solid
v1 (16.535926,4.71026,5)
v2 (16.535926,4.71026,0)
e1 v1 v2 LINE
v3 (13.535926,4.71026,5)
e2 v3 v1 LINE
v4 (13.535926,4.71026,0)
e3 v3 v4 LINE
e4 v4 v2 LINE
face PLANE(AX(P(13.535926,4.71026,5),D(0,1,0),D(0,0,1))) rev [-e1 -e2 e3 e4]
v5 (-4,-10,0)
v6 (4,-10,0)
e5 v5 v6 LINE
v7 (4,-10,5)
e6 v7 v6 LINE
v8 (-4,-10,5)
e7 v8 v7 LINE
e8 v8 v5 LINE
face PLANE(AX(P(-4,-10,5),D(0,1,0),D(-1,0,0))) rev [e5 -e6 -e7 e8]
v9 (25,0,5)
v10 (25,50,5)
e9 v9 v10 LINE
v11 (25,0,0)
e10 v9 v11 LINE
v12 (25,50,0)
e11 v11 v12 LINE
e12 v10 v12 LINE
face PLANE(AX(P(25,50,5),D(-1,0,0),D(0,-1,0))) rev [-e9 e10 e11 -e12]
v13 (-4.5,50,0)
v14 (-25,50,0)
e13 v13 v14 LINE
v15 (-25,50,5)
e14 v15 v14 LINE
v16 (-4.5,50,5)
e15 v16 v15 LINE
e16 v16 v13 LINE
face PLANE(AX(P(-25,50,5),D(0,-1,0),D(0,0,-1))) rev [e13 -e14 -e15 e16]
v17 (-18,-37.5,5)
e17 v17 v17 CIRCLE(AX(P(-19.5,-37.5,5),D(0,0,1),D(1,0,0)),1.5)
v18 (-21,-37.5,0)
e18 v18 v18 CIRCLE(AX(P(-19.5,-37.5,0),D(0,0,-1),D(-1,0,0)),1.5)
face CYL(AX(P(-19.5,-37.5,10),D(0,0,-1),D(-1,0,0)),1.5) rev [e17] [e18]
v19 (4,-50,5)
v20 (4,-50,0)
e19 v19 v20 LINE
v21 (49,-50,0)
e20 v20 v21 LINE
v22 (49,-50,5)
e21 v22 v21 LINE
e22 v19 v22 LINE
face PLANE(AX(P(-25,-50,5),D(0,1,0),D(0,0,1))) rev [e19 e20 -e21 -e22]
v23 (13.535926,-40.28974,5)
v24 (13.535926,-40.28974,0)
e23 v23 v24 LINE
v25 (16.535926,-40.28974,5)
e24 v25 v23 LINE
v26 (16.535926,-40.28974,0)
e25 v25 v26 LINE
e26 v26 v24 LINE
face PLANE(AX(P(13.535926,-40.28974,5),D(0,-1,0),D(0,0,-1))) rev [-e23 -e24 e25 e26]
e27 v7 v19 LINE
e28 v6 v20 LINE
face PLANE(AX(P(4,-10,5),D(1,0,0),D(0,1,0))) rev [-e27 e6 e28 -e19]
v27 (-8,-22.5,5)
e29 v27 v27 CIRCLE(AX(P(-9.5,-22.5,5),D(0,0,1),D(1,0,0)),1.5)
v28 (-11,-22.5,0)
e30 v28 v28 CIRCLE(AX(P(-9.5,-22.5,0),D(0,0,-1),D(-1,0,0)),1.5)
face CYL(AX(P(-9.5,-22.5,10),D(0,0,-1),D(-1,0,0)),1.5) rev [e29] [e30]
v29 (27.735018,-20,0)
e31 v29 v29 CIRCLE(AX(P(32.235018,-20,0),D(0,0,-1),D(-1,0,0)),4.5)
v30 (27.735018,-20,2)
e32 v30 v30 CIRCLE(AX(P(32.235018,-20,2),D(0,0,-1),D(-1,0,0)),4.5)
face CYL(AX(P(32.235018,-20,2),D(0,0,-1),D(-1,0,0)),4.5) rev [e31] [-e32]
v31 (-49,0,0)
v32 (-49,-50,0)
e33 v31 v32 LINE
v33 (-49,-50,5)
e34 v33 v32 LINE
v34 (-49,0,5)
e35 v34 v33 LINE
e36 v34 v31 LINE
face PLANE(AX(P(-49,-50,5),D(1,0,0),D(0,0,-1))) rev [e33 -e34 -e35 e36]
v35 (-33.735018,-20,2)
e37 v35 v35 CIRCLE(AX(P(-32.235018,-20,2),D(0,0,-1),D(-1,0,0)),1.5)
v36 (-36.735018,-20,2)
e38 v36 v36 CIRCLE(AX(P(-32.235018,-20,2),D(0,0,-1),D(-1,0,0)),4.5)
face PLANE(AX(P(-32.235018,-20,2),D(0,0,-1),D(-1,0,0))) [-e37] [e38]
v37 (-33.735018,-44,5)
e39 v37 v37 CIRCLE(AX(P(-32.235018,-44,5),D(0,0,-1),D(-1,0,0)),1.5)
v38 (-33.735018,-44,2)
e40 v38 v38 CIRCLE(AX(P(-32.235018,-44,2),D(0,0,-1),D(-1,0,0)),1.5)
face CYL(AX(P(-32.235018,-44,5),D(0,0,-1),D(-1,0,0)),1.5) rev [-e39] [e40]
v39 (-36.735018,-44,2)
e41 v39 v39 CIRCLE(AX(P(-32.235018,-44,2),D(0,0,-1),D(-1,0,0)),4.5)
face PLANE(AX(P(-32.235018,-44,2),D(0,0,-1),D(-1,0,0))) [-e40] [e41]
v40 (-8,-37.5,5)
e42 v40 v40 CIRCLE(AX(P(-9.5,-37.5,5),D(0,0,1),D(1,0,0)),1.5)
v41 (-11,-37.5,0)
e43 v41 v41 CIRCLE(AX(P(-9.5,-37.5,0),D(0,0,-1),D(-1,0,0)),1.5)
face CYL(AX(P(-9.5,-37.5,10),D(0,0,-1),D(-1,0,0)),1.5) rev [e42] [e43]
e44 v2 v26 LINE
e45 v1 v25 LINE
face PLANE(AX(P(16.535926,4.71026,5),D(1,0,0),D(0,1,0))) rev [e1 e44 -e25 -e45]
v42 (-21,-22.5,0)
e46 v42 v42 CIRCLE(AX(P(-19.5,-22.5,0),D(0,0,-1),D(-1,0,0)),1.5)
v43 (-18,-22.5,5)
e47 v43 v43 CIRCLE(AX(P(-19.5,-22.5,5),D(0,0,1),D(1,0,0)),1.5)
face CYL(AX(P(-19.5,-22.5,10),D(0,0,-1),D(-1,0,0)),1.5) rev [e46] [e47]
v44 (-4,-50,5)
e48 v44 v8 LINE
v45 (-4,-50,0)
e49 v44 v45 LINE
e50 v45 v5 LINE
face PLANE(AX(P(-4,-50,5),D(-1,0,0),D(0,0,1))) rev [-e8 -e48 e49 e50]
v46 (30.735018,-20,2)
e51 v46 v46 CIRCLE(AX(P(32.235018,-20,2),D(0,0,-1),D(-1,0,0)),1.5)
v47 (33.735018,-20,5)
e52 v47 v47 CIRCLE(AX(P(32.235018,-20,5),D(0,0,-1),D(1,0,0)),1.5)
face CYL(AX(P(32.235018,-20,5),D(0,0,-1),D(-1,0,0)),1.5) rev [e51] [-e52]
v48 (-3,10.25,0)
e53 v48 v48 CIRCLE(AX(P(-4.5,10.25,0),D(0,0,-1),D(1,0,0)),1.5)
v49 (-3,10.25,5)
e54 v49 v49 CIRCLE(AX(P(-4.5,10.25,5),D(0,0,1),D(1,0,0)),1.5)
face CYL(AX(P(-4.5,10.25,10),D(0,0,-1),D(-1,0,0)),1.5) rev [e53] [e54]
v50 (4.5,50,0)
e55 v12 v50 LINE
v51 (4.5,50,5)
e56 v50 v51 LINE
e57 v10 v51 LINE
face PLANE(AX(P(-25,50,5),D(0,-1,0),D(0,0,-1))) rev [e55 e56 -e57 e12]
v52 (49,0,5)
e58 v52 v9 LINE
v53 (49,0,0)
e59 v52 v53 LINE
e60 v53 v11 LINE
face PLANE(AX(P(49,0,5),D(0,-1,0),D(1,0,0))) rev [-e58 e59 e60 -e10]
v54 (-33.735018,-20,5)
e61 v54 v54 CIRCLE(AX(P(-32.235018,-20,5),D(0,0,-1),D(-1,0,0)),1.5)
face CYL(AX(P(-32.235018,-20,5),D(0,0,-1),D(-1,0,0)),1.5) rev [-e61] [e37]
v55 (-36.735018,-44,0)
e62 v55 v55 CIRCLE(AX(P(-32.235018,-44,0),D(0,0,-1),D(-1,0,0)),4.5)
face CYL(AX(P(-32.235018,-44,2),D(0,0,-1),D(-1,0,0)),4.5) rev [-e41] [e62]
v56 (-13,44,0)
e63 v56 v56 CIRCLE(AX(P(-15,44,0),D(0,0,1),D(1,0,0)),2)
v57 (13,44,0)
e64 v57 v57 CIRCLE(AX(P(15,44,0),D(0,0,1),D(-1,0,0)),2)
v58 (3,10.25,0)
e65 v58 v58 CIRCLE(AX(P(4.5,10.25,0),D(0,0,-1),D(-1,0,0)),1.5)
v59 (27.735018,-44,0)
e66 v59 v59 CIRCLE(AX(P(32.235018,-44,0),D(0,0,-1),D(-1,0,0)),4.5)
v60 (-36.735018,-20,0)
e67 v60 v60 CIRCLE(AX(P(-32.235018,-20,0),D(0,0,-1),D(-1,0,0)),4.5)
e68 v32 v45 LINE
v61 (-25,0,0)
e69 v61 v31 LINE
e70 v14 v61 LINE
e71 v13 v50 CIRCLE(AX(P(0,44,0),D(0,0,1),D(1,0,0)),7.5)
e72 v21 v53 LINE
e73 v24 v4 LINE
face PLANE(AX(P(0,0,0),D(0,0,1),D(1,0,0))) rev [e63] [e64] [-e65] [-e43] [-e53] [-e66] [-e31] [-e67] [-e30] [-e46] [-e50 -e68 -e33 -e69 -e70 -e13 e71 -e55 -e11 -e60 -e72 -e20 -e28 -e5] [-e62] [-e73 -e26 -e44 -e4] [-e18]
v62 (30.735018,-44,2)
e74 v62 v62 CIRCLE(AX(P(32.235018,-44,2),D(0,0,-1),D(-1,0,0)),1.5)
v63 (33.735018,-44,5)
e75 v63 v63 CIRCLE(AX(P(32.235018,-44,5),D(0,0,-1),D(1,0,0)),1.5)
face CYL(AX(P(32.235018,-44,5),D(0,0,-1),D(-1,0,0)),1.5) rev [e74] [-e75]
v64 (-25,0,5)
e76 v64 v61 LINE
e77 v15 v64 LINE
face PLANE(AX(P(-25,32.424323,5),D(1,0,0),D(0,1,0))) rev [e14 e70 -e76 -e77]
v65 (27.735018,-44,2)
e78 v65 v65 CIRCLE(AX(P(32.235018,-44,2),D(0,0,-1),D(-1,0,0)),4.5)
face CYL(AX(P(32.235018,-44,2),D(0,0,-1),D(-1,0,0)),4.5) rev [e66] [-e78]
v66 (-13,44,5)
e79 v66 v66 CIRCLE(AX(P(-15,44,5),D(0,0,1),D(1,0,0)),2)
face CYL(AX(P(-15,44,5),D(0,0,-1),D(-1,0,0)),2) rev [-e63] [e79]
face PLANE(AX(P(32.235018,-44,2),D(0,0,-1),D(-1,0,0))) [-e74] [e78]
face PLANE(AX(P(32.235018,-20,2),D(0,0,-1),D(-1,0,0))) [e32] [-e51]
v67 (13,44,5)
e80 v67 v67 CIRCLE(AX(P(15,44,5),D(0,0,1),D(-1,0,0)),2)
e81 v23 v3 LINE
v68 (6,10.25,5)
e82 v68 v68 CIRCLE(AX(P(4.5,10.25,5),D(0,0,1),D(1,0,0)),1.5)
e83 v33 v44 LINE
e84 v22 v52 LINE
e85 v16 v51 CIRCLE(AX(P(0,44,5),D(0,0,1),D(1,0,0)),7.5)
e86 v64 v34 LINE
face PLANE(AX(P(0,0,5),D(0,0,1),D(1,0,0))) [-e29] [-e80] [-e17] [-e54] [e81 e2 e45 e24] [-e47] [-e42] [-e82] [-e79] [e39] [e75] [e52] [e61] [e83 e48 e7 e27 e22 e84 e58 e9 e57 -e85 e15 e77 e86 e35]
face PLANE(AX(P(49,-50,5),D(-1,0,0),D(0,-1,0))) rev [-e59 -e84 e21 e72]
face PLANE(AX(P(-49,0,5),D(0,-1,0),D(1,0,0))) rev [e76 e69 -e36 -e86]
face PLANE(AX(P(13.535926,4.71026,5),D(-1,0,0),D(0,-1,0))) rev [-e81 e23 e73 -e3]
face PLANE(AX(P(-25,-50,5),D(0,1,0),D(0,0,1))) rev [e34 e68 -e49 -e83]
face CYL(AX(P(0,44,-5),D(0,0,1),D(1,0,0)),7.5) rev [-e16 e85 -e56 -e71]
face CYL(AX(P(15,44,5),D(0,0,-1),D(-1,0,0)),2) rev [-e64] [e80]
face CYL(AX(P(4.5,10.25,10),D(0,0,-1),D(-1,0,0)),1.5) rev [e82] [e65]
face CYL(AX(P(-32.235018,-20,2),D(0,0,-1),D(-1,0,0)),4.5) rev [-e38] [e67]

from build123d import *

# Parameters (mm, degrees)
SKETCH_1_R          = 2
EXTRUDE_1_DEPTH     = 5
SKETCH_2_R          = 7.5
CUT_EXTRUDE_1_DEPTH = 10
SKETCH_3_W          = 8
SKETCH_3_H          = 40
CUT_EXTRUDE_2_DEPTH = 71.185468581
SKETCH_6_R          = 1.5
CUT_EXTRUDE_3_DEPTH = 71.185468581
SKETCH_7_R          = 4.5
SKETCH_7_R_2        = 1.5
CUT_EXTRUDE_4_DEPTH = 2
SKETCH_8_W          = 3
SKETCH_8_H          = 45
CUT_EXTRUDE_5_DEPTH = 71.185468581
SKETCH_9_R          = 1.5
CUT_EXTRUDE_6_DEPTH = 10
SKETCH_10_R         = 1.5
CUT_EXTRUDE_7_DEPTH = 10


with BuildPart() as part:
    # 草图1 → 凸台-拉伸1 (new body)
    with BuildSketch(Plane.XY):
        Polygon((-25, 50), (25, 50), (25, 32.424322584), (25, 0), (49, 0), (49, -50), (25, -50), (-25, -50), (-49, -50), (-49, 0), (-25, 0), (-25, 32.424322584), align=None)
        with Locations((-15, 44)):
            Circle(SKETCH_1_R, mode=Mode.SUBTRACT)
        with Locations(Location((15, 44, 0), (0, 0, 180))):
            Circle(SKETCH_1_R, mode=Mode.SUBTRACT)
    extrude(amount=EXTRUDE_1_DEPTH)

    # 草图2 → 切除-拉伸1 (cut)
    with BuildSketch(Plane.XY.offset(5)):
        with Locations((0, 44)):
            Circle(SKETCH_2_R)
    extrude(amount=-CUT_EXTRUDE_1_DEPTH, mode=Mode.SUBTRACT)

    # 草图3 → 切除-拉伸2 (cut, through all)
    with BuildSketch(Plane(origin=(0, 0, 0), x_dir=(-1, 0, 0), z_dir=(0, 0, -1))):
        with Locations((0, -30)):
            Rectangle(SKETCH_3_W, SKETCH_3_H)
    extrude(amount=-CUT_EXTRUDE_2_DEPTH, mode=Mode.SUBTRACT)

    # 草图6 → 切除-拉伸3 (cut, through all)
    with BuildSketch(Plane(origin=(0, 0, 0), x_dir=(-1, 0, 0), z_dir=(0, 0, -1))):
        with Locations(Location((-32.235018023, -44, 0), (0, 0, 180))):
            Circle(SKETCH_6_R)
        with Locations(Location((-32.235018023, -20, 0), (0, 0, 180))):
            Circle(SKETCH_6_R)
        with Locations((32.235018023, -44)):
            Circle(SKETCH_6_R)
        with Locations((32.235018023, -20)):
            Circle(SKETCH_6_R)
    extrude(amount=-CUT_EXTRUDE_3_DEPTH, mode=Mode.SUBTRACT)

    # 草图7 → 切除-拉伸4 (cut)
    # profile 1 of 4: a face of its own
    with BuildSketch(Plane(origin=(0, 0, 0), x_dir=(-1, 0, 0), z_dir=(0, 0, -1))):
        with Locations((-32.235018023, -44)):
            Circle(SKETCH_7_R)
        with Locations((-32.235018023, -44)):
            Circle(SKETCH_7_R_2, mode=Mode.SUBTRACT)
    # profile 2 of 4: a face of its own
    with BuildSketch(Plane(origin=(0, 0, 0), x_dir=(-1, 0, 0), z_dir=(0, 0, -1))):
        with Locations((-32.235018023, -20)):
            Circle(SKETCH_7_R)
        with Locations((-32.235018023, -20)):
            Circle(SKETCH_7_R_2, mode=Mode.SUBTRACT)
    # profile 3 of 4: a face of its own
    with BuildSketch(Plane(origin=(0, 0, 0), x_dir=(-1, 0, 0), z_dir=(0, 0, -1))):
        with Locations((32.235018023, -20)):
            Circle(SKETCH_7_R)
        with Locations((32.235018023, -20)):
            Circle(SKETCH_7_R_2, mode=Mode.SUBTRACT)
    # profile 4 of 4: a face of its own
    with BuildSketch(Plane(origin=(0, 0, 0), x_dir=(-1, 0, 0), z_dir=(0, 0, -1))):
        with Locations((32.235018023, -44)):
            Circle(SKETCH_7_R)
        with Locations((32.235018023, -44)):
            Circle(SKETCH_7_R_2, mode=Mode.SUBTRACT)
    extrude(amount=-CUT_EXTRUDE_4_DEPTH, mode=Mode.SUBTRACT)

    # 草图8 → 切除-拉伸5 (cut, through all)
    with BuildSketch(Plane(origin=(0, 0, 0), x_dir=(-1, 0, 0), z_dir=(0, 0, -1))):
        with Locations((-15.035926406, -17.789740129)):
            Rectangle(SKETCH_8_W, SKETCH_8_H)
    extrude(amount=-CUT_EXTRUDE_5_DEPTH, mode=Mode.SUBTRACT)

    # 草图9 → 切除-拉伸6 (cut)
    with BuildSketch(Plane(origin=(0, 0, 0), x_dir=(-1, 0, 0), z_dir=(0, 0, -1))):
        with Locations((-4.5, 10.25)):
            Circle(SKETCH_9_R)
        with Locations(Location((4.5, 10.25, 0), (0, 0, 180))):
            Circle(SKETCH_9_R)
    extrude(amount=-CUT_EXTRUDE_6_DEPTH, mode=Mode.SUBTRACT)

    # 草图10 → 切除-拉伸7 (cut)
    with BuildSketch(Plane(origin=(0, 0, 0), x_dir=(-1, 0, 0), z_dir=(0, 0, -1))):
        with Locations((9.5, -22.5)):
            Circle(SKETCH_10_R)
        with Locations((19.5, -22.5)):
            Circle(SKETCH_10_R)
        with Locations((19.5, -37.5)):
            Circle(SKETCH_10_R)
        with Locations((9.5, -37.5)):
            Circle(SKETCH_10_R)
    extrude(amount=-CUT_EXTRUDE_7_DEPTH, mode=Mode.SUBTRACT)


solid = part.part
